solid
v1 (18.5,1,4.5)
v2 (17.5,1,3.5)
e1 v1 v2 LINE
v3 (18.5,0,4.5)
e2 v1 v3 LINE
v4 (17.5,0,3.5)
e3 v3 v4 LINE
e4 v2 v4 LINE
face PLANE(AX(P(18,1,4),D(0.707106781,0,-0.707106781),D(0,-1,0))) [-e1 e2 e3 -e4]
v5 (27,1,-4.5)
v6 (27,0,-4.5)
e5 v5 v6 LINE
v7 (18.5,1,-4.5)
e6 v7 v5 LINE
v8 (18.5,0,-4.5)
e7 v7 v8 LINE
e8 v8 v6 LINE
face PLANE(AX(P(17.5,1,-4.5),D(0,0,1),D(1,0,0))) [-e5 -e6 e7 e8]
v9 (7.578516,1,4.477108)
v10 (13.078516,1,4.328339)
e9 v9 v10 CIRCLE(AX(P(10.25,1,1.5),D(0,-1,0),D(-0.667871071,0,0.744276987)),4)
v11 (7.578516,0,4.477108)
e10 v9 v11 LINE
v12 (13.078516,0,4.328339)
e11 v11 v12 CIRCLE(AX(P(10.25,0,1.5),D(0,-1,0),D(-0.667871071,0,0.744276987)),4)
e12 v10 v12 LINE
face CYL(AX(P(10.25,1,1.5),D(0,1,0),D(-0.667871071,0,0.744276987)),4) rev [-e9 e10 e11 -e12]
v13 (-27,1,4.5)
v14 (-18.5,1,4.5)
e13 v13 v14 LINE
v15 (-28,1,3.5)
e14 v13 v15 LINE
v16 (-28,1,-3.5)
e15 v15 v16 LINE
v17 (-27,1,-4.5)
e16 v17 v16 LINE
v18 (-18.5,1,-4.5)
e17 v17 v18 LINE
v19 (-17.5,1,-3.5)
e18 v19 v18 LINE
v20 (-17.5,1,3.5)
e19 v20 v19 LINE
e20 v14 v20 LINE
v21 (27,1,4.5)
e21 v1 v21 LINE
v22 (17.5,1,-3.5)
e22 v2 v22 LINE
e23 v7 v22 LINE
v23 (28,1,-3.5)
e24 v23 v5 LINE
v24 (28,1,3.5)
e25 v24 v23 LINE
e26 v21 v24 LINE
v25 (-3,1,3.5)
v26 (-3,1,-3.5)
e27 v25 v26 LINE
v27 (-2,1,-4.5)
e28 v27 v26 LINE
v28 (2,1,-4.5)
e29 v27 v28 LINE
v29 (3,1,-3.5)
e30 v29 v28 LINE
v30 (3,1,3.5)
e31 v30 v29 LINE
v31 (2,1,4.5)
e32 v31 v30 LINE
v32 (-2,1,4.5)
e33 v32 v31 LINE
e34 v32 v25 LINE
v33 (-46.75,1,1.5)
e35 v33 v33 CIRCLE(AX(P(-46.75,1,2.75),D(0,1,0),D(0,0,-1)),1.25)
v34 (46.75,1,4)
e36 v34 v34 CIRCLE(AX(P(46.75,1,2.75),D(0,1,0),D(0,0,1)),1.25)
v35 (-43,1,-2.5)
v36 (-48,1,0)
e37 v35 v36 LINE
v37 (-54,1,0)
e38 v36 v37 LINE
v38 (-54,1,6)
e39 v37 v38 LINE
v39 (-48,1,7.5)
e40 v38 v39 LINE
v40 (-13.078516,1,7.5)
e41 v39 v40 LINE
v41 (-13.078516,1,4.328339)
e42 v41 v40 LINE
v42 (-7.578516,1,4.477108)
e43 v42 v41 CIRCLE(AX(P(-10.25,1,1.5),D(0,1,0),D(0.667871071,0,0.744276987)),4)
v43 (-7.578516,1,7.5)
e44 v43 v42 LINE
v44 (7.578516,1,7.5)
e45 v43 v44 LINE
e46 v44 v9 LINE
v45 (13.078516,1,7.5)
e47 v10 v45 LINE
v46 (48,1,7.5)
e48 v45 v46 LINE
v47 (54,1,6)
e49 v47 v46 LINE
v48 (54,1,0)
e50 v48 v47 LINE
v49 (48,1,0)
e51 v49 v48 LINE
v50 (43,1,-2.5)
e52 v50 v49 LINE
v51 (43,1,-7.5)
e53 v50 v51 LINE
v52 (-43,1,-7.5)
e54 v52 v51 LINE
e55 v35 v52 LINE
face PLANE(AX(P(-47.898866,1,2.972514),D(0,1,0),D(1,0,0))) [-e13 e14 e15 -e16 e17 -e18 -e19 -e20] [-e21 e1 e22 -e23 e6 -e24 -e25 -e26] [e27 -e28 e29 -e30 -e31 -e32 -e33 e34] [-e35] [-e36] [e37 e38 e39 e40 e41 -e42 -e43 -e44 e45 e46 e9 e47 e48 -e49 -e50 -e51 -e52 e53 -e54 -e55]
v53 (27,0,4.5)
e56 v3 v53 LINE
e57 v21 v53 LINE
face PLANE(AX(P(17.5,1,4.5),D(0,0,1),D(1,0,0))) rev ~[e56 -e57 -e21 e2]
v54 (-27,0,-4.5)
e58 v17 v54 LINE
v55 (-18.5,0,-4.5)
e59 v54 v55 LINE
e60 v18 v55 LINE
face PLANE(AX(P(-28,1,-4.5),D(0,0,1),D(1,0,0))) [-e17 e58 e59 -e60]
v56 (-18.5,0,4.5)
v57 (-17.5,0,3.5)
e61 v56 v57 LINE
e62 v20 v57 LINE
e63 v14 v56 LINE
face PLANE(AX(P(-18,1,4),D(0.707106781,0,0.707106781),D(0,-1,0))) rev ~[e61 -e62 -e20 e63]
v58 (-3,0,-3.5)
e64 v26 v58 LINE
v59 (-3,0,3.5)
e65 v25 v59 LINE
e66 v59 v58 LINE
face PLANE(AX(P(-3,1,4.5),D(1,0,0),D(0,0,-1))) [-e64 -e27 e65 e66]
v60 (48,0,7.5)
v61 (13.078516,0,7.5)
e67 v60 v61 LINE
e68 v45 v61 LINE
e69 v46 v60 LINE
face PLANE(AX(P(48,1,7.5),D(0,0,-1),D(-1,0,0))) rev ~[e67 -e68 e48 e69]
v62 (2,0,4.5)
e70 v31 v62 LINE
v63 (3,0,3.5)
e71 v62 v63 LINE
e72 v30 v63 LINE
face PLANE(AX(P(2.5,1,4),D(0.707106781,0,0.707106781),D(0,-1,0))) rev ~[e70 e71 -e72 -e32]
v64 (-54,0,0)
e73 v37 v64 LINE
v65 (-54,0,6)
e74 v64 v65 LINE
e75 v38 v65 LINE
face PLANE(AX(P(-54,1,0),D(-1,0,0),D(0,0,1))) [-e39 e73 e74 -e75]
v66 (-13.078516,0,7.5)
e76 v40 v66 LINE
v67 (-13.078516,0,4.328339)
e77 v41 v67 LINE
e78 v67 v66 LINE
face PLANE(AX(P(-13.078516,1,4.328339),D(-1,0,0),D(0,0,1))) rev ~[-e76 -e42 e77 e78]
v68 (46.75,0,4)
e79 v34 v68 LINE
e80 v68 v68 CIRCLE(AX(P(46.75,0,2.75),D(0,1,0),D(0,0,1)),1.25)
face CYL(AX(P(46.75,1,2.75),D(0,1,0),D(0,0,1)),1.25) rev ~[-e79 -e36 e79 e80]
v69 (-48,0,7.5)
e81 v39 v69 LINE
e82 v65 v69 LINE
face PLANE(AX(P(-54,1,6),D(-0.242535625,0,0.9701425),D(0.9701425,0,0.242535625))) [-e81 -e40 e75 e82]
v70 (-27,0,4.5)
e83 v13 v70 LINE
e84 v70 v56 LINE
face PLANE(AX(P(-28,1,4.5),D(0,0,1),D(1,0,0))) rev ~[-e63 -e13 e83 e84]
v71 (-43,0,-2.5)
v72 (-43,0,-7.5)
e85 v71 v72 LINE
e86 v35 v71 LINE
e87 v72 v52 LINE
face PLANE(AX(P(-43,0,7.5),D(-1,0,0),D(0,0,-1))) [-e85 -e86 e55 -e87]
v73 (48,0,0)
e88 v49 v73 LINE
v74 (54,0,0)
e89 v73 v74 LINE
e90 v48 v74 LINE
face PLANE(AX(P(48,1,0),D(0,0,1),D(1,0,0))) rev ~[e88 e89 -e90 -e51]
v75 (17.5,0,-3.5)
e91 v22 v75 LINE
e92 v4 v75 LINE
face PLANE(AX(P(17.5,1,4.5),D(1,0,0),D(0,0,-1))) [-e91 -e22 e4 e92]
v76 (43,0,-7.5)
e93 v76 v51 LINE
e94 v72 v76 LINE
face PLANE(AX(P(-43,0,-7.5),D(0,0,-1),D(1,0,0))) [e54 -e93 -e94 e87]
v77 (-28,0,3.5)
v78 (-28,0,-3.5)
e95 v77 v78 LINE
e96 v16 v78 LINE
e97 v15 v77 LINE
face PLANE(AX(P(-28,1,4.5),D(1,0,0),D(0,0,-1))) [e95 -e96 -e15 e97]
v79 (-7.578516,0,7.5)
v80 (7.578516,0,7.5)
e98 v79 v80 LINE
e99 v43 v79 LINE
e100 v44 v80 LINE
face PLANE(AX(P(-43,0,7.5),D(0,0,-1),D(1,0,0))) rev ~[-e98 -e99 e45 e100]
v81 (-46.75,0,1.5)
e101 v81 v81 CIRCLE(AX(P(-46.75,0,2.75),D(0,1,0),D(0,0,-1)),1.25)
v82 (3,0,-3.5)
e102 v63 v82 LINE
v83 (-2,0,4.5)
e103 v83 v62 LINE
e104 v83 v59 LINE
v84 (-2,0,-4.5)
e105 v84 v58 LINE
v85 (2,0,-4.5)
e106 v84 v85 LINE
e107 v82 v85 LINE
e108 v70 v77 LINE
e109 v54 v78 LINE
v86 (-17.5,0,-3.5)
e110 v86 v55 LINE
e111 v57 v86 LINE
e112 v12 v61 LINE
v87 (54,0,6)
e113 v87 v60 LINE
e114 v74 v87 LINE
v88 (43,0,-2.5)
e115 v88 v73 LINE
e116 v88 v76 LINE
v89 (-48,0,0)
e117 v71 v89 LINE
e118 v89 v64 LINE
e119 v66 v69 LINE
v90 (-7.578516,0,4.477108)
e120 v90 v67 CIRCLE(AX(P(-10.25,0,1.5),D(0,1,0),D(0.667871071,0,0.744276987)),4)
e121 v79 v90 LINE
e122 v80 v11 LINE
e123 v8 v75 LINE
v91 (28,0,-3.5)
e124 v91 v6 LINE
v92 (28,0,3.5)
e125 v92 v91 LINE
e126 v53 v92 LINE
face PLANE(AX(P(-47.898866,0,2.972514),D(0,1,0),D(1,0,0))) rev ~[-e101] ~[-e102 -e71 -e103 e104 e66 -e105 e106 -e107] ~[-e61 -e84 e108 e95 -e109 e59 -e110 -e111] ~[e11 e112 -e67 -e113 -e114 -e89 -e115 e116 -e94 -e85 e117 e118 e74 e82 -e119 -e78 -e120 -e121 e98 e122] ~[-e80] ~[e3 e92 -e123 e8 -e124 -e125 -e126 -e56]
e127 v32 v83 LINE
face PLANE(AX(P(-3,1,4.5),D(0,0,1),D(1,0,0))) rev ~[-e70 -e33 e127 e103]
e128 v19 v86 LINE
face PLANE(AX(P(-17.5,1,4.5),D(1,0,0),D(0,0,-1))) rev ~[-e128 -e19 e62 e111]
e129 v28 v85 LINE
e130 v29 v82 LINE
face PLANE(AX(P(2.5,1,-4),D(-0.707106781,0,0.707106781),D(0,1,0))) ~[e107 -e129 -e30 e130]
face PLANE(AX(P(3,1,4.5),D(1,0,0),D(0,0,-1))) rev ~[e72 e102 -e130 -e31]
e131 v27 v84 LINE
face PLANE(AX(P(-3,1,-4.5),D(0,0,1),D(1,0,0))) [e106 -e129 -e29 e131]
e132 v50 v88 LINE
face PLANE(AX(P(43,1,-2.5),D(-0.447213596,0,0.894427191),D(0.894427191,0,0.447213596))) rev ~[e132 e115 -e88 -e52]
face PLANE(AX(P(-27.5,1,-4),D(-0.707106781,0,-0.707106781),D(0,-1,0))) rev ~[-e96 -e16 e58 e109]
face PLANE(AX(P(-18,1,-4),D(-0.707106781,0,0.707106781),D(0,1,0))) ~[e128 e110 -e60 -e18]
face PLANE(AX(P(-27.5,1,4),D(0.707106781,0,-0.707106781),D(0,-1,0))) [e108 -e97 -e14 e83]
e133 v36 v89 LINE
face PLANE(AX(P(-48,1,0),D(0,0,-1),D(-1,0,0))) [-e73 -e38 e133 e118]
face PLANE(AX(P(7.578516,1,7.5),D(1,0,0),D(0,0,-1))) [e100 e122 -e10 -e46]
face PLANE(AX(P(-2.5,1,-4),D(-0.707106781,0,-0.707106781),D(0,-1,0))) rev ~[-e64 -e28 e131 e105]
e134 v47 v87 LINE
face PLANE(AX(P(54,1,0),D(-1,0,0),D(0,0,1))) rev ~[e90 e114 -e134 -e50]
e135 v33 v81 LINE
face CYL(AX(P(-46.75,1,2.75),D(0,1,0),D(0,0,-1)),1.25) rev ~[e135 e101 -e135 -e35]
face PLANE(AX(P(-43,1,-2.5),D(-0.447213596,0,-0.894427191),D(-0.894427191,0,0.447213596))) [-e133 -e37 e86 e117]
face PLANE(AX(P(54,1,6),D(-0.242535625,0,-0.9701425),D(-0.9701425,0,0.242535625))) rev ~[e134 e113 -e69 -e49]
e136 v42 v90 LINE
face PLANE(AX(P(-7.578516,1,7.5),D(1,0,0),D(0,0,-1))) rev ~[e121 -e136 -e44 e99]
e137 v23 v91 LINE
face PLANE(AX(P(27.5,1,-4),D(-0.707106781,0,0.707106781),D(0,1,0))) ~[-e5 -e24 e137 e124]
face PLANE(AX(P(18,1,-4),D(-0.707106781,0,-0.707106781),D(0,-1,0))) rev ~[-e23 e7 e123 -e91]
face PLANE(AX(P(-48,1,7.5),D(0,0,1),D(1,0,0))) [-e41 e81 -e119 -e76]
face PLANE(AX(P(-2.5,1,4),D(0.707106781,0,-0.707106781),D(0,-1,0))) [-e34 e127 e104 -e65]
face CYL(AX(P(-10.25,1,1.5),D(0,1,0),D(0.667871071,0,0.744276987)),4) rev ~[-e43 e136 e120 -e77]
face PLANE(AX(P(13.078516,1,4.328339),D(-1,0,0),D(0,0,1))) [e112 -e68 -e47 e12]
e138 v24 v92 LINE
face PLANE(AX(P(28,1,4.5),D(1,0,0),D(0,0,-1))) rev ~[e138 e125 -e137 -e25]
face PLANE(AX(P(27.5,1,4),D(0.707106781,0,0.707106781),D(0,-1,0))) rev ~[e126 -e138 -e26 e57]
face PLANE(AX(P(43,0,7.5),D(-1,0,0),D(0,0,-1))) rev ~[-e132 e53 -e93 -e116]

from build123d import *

# Parameters (mm, degrees)
CROQUIS1_W                = 86
CROQUIS1_H                = 15
SALIENTE_EXTRUIR1_DEPTH   = 1
CROQUIS2_W                = 6
CROQUIS2_H                = 9
CROQUIS2_W_2              = 10.5
CORTAR_EXTRUIR1_DEPTH     = 1
CHAFL_N1_SIZE             = 1
CORTAR_EXTRUIR2_DEPTH     = 1
CROQUIS4_R                = 1.25
SALIENTE_EXTRUIR2_DEPTH   = 1
SALIENTE_EXTRUIR2_2_DEPTH = 1


with BuildPart() as part:
    # Croquis1 → Saliente-Extruir1 (new body)
    with BuildSketch(Plane(origin=(0, 0, 0), x_dir=(1, 0, 0), z_dir=(0, 1, 0))):
        Rectangle(CROQUIS1_W, CROQUIS1_H)
    extrude(amount=SALIENTE_EXTRUIR1_DEPTH)

    # Croquis2 → Cortar-Extruir1 (cut)
    with BuildSketch(Plane(origin=(0, 1, 0), x_dir=(1, 0, 0), z_dir=(0, 1, 0))):
        Rectangle(CROQUIS2_W, CROQUIS2_H)
        with Locations((22.75, 0)):
            Rectangle(CROQUIS2_W_2, CROQUIS2_H)
        with Locations((-22.75, 0)):
            Rectangle(CROQUIS2_W_2, CROQUIS2_H)
    extrude(amount=-CORTAR_EXTRUIR1_DEPTH, mode=Mode.SUBTRACT)

    # Chaflán1
    chafl_n1_edges = [part.edges().sort_by_distance(p)[0] for p in [
        (17.5, 0.5, -4.5),
        (28, 0.5, -4.5),
        (3, 0.5, -4.5),
        (-3, 0.5, -4.5),
        (-3, 0.5, 4.5),
        (17.5, 0.5, 4.5),
        (28, 0.5, 4.5),
        (3, 0.5, 4.5),
        (-17.5, 0.5, 4.5),
        (-28, 0.5, 4.5),
        (-17.5, 0.5, -4.5),
        (-28, 0.5, -4.5),
    ]]
    chamfer(chafl_n1_edges, length=CHAFL_N1_SIZE)

    # Croquis3 → Cortar-Extruir2 (cut)
    with BuildSketch(Plane(origin=(0, 1, 0), x_dir=(1, 0, 0), z_dir=(0, 1, 0))):
        with BuildLine():
            Line((-13.078515717, -7.5), (-7.578515717, -7.5))
            Line((-7.578515717, -7.5), (-7.578515717, -4.477107947))
            ThreePointArc((-7.578515717, -4.477107947), (-10.141843619, 2.498537507), (-13.078515717, -4.32833853))
            Line((-13.078515717, -4.32833853), (-13.078515717, -7.5))
        make_face()
        with BuildLine():
            Line((7.578515717, -7.5), (7.578515717, -4.477107947))
            ThreePointArc((7.578515717, -4.477107947), (10.141843619, 2.498537507), (13.078515717, -4.32833853))
            Line((13.078515717, -4.32833853), (13.078515717, -7.5))
            Line((13.078515717, -7.5), (7.578515717, -7.5))
        make_face()
    extrude(amount=-CORTAR_EXTRUIR2_DEPTH, mode=Mode.SUBTRACT)


with BuildPart() as body_2:
    # Croquis4 → Saliente-Extruir2 (new body)
    with BuildSketch(Plane(origin=(0, 1, 0), x_dir=(1, 0, 0), z_dir=(0, 1, 0))):
        Polygon((43, 2.5), (48, 0), (54, 0), (54, -6), (48, -7.5), (43, -7.5), align=None)
        with Locations((46.75, -2.75)):
            Circle(CROQUIS4_R, mode=Mode.SUBTRACT)
    extrude(amount=-SALIENTE_EXTRUIR2_DEPTH)


with BuildPart() as body_3:
    # Croquis4 → Saliente-Extruir2 2 (new body)
    with BuildSketch(Plane(origin=(0, 1, 0), x_dir=(1, 0, 0), z_dir=(0, 1, 0))):
        Polygon((-43, 2.5), (-48, 0), (-54, 0), (-54, -6), (-48, -7.5), (-43, -7.5), align=None)
        with Locations((-46.75, -2.75)):
            Circle(CROQUIS4_R, mode=Mode.SUBTRACT)
    extrude(amount=-SALIENTE_EXTRUIR2_2_DEPTH)


with BuildPart() as part_1:
    add(part.part)

    # Combinar1: union body 2, body 3
    add(body_2.part)
    add(body_3.part)


solid = part_1.part
